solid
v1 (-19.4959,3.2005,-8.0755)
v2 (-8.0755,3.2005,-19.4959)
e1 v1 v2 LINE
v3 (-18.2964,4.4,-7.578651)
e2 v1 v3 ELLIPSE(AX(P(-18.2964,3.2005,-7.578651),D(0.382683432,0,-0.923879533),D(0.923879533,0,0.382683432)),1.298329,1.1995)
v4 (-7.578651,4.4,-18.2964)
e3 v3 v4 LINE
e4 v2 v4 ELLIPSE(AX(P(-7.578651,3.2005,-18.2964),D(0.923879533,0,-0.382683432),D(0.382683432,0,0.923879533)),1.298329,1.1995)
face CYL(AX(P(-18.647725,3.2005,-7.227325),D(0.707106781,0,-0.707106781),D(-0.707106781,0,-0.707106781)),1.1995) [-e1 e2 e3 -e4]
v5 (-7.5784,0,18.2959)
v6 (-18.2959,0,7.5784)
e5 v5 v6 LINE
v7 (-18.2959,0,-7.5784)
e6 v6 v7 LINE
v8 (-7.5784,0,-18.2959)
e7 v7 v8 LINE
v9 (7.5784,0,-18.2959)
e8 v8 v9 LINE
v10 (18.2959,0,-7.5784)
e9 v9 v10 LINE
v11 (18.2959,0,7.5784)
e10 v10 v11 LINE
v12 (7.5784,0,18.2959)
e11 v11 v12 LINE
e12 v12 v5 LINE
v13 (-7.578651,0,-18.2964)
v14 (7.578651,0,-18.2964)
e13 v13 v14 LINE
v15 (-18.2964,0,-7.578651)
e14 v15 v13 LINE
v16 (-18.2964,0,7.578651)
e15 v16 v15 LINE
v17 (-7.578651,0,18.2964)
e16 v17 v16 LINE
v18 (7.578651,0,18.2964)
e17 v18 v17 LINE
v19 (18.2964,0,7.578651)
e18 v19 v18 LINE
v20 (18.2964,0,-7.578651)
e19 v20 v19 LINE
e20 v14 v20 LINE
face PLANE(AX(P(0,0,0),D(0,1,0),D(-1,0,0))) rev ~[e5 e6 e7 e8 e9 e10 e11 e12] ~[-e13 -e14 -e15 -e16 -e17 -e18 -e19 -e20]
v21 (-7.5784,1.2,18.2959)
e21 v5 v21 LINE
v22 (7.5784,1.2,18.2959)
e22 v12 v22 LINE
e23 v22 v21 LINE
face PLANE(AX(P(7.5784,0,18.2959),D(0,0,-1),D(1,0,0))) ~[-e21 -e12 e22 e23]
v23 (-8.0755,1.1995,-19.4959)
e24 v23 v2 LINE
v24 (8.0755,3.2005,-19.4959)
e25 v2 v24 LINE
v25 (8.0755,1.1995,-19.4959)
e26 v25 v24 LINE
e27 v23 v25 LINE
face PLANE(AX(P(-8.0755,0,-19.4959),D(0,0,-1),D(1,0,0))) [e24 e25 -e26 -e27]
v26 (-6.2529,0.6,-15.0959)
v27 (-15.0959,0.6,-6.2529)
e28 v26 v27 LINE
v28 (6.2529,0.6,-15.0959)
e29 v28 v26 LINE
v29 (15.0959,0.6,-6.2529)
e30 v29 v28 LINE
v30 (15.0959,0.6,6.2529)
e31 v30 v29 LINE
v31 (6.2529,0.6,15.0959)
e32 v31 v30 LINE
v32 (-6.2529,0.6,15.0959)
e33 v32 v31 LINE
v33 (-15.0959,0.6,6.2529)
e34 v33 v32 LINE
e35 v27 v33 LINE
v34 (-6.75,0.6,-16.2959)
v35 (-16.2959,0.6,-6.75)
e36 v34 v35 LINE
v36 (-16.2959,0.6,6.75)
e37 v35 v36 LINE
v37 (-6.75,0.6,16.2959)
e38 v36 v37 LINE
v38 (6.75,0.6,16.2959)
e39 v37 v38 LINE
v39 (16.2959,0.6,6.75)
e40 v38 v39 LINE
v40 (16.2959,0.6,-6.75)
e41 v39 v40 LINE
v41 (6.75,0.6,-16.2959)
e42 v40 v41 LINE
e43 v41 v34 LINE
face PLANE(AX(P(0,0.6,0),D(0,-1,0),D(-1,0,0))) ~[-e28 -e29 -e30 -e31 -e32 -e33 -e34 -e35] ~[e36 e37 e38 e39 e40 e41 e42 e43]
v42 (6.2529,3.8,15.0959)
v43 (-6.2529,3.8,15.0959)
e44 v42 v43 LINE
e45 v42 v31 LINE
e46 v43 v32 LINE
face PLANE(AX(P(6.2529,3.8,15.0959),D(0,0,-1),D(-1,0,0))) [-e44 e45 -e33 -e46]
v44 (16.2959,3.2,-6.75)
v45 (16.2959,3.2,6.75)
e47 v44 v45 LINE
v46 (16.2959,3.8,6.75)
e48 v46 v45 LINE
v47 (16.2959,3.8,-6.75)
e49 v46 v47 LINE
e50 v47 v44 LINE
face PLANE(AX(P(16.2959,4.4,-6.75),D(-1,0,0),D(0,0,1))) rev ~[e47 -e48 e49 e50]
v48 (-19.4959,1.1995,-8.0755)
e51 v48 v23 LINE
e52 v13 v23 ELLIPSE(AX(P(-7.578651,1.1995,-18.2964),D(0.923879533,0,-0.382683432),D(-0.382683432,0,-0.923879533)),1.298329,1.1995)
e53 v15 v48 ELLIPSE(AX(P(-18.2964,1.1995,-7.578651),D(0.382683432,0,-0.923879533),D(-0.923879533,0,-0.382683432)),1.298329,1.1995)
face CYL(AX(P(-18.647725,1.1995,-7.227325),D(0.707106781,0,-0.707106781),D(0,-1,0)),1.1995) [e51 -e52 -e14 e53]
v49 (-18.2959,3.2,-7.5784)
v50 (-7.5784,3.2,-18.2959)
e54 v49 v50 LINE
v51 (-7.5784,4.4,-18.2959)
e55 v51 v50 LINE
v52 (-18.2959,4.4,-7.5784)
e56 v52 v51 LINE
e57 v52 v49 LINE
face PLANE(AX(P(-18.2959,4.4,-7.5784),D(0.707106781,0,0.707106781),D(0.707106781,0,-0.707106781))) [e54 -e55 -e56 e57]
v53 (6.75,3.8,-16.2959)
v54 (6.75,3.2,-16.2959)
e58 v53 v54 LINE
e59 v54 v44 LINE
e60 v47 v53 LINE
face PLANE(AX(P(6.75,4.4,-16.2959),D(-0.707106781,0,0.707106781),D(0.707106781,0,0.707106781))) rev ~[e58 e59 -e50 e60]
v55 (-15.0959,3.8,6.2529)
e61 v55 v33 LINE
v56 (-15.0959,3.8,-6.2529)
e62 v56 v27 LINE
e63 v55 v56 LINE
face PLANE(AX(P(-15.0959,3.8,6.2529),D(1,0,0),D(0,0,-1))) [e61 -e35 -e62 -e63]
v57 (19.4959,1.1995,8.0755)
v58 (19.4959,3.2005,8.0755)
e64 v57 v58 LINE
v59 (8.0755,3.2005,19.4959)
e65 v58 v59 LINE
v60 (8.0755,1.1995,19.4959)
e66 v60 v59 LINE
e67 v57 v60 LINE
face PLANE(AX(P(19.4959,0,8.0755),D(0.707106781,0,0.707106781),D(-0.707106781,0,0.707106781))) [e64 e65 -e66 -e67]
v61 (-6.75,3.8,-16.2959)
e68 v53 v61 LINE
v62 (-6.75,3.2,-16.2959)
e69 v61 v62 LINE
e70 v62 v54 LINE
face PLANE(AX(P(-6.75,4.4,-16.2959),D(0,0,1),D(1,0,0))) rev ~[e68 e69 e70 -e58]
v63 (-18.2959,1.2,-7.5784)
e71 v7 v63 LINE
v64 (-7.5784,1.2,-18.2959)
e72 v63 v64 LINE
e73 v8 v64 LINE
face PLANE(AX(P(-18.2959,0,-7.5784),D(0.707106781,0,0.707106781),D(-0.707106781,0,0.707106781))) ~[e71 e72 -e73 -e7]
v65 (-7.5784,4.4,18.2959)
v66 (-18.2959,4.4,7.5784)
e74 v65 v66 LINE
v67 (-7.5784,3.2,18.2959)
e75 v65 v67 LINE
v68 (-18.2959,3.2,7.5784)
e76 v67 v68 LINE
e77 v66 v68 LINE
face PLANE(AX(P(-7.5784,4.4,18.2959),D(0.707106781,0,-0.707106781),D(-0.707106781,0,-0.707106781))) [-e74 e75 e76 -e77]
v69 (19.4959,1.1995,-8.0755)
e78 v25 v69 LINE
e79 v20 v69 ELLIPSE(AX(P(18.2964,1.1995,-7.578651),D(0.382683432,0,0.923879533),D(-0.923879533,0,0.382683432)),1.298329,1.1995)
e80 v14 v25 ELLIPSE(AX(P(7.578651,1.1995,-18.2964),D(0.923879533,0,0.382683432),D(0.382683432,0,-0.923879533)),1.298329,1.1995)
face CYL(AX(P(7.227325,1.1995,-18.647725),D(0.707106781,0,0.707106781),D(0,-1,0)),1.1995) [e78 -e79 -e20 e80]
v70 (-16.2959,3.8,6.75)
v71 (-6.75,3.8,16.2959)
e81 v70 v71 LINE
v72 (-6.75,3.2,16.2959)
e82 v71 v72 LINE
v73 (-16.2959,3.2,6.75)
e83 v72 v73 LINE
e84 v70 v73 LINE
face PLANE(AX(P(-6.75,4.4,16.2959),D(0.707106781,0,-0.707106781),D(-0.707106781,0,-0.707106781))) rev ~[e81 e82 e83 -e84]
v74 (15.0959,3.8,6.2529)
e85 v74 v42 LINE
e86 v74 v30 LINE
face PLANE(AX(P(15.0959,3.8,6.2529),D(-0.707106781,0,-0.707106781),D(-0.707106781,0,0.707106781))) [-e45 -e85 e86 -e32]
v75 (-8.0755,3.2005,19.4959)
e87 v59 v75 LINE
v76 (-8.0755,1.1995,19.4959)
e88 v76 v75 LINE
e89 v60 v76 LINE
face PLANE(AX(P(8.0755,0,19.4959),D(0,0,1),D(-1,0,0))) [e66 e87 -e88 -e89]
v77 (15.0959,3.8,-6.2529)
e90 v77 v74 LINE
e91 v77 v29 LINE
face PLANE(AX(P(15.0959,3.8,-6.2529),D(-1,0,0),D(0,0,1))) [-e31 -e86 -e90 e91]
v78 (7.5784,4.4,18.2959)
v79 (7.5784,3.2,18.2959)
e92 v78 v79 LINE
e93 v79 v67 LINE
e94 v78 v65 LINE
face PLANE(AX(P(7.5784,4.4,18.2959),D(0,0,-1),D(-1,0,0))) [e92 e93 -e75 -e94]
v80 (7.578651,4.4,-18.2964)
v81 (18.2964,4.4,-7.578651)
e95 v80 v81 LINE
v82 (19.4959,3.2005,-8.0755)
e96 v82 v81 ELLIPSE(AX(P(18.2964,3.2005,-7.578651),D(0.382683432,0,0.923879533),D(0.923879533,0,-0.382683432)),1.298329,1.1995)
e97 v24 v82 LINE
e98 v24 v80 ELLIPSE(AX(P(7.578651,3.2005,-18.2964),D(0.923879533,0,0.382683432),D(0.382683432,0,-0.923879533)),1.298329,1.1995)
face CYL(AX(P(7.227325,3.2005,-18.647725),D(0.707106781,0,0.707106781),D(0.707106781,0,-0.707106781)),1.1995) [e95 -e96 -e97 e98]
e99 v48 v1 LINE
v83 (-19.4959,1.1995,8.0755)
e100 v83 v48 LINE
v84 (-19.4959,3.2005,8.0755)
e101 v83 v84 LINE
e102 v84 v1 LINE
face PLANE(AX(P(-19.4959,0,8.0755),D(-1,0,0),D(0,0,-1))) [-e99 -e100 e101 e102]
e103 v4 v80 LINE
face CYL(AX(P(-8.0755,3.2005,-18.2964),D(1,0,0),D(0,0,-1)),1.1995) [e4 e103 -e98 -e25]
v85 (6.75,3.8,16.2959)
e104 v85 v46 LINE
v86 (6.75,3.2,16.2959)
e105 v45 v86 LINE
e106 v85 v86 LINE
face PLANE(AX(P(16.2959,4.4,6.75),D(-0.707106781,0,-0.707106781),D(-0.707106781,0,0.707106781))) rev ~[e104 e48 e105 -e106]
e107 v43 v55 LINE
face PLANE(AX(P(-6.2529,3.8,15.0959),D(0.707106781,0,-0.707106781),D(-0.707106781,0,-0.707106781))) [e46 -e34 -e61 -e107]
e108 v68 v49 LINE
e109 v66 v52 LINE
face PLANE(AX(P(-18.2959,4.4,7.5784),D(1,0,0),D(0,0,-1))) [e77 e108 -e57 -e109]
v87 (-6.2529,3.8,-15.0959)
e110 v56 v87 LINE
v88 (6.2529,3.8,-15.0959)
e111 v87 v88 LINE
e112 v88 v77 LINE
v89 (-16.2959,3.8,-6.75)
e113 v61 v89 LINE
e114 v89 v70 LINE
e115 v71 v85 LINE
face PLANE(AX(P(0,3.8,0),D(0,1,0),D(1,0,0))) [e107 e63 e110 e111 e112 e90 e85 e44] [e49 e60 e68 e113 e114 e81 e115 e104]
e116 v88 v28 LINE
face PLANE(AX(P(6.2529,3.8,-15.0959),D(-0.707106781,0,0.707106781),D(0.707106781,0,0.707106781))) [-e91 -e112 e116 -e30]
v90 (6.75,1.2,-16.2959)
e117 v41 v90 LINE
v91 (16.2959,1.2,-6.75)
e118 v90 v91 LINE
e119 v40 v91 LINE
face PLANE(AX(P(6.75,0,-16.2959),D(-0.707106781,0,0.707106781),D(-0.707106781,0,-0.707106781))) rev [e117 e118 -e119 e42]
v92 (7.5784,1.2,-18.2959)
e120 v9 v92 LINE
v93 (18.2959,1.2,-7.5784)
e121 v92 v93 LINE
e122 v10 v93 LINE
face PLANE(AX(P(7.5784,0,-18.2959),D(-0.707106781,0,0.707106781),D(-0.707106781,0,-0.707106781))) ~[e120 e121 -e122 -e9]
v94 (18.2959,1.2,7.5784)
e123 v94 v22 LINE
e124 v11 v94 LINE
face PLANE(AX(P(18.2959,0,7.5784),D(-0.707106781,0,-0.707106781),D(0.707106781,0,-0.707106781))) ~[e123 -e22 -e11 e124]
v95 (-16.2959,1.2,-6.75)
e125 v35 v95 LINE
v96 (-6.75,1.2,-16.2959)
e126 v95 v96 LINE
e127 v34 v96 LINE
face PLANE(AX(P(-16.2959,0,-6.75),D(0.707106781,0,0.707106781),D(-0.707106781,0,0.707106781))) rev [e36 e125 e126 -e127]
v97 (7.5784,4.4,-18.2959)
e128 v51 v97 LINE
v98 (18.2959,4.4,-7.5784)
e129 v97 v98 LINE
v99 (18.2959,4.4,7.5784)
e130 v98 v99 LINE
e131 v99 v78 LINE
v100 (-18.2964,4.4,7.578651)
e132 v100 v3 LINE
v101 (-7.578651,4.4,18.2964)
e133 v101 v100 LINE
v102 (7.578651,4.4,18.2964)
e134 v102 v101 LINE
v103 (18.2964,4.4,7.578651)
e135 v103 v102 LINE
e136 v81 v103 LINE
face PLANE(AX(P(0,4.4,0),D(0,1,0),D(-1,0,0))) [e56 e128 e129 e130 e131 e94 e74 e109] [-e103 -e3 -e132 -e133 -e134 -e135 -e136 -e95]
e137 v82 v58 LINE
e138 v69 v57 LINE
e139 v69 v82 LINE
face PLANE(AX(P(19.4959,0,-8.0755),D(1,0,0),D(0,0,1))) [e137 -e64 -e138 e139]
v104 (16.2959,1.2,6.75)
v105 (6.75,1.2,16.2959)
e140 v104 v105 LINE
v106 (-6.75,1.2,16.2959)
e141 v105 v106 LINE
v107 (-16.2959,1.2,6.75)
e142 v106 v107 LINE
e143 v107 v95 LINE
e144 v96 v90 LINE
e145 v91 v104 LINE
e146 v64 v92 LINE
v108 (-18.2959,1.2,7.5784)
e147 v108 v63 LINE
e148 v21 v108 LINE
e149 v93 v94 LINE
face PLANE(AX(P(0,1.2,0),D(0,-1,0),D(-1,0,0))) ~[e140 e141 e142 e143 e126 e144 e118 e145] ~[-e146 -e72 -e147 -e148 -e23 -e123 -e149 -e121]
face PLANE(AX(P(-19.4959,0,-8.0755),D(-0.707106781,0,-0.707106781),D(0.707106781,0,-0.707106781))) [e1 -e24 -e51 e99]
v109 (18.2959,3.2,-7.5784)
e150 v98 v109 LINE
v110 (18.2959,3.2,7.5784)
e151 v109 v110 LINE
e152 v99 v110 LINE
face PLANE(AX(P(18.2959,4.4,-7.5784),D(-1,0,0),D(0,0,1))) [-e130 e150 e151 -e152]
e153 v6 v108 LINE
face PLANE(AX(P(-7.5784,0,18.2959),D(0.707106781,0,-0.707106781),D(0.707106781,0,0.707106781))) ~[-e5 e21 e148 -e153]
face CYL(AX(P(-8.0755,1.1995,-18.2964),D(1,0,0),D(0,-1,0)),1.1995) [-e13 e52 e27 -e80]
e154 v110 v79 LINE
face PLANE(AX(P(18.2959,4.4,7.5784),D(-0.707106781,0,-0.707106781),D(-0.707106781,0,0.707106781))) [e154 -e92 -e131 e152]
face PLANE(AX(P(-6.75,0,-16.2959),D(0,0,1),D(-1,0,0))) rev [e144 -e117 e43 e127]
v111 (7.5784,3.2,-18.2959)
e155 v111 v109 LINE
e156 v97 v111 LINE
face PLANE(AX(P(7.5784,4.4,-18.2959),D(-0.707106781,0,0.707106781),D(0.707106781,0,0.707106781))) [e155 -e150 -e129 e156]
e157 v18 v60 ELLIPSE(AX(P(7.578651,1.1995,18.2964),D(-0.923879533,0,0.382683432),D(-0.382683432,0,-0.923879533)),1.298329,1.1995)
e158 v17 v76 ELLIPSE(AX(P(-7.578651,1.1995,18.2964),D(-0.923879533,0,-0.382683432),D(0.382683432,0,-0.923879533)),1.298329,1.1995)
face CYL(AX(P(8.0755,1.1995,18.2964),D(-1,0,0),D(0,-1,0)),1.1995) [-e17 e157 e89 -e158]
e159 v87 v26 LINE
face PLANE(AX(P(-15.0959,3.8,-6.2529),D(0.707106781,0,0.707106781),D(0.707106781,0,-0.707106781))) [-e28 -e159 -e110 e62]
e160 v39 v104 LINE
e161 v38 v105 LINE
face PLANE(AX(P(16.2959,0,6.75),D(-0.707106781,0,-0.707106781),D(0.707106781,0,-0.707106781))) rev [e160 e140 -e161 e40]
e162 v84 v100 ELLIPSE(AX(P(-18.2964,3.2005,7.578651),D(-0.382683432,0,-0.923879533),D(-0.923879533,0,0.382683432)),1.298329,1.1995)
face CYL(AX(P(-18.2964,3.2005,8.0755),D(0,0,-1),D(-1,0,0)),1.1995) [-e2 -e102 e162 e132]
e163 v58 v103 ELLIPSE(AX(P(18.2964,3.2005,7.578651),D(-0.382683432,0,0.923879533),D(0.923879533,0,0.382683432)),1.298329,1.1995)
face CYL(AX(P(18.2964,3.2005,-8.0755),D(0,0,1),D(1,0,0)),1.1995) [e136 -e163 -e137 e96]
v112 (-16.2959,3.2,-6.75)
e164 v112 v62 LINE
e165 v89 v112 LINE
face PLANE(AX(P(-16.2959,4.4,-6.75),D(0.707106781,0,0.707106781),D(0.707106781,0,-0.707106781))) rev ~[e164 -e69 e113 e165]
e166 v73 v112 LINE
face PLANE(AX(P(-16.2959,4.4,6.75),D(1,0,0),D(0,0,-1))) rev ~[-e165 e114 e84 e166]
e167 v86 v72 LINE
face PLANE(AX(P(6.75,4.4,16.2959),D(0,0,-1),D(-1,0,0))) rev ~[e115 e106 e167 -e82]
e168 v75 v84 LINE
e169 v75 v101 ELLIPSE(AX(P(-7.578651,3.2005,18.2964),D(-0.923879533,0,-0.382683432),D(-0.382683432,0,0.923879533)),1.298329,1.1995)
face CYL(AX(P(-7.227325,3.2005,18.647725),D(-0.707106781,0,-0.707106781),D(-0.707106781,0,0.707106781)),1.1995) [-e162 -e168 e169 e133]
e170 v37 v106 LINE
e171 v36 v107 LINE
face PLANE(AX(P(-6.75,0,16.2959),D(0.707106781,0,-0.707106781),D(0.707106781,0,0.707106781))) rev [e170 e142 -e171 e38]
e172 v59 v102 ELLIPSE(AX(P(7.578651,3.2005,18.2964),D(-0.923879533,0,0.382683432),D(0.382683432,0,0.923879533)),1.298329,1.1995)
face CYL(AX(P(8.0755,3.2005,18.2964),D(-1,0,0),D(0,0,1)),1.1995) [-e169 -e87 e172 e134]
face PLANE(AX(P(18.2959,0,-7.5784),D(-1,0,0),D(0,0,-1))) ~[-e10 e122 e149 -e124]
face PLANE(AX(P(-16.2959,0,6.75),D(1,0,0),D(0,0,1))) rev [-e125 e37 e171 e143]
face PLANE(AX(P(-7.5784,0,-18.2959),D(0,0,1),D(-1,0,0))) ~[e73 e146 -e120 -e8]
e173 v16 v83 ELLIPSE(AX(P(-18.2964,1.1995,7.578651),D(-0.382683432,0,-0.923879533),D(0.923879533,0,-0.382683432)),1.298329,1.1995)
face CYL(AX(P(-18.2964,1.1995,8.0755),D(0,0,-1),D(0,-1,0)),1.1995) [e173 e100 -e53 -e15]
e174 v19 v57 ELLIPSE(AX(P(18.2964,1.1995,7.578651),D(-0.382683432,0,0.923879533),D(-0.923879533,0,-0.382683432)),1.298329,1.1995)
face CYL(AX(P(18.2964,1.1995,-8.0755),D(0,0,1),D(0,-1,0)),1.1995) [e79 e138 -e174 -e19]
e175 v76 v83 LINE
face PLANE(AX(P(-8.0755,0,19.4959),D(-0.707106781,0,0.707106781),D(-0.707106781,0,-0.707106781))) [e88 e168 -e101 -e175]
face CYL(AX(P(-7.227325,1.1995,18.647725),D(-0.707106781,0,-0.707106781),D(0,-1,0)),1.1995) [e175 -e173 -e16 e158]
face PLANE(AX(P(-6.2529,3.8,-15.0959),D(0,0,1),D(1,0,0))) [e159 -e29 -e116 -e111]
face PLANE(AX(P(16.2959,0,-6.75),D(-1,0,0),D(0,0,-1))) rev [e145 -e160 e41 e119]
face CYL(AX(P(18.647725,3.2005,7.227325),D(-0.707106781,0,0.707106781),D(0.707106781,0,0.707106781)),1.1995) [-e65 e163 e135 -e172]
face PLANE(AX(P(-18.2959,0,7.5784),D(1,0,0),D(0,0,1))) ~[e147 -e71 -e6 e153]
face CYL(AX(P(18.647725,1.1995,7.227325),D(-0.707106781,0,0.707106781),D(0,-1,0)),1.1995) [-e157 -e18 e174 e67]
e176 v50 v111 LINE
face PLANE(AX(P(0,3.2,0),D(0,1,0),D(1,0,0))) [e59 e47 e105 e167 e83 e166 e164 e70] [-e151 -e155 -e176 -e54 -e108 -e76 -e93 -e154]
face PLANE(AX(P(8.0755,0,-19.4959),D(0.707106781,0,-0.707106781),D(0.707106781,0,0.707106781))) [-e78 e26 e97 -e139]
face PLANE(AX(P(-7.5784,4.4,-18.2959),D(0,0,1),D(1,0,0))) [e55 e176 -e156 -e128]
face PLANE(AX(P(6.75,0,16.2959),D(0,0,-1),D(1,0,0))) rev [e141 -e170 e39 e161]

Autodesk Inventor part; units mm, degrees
ref_plane "YZ Plane" through (0, 0, 0) normal (1, 0, 0) x (0, 1, 0)
ref_plane "XZ Plane" through (0, 0, 0) normal (0, 1, 0) x (-1, 0, 0)
sketch "스케치1" plane through (0, 0, 0) normal (0, 1, 0) x (-1, 0, 0)
  line L0 (-16.2959, 6.75) -> (-6.75, 16.2959)
  line L1 (-6.75, 16.2959) -> (6.75, 16.2959)
  line L2 (6.75, 16.2959) -> (16.2959, 6.75)
  line L3 (16.2959, 6.75) -> (16.2959, -6.75)
  line L4 (16.2959, -6.75) -> (6.75, -16.2959)
  line L5 (6.75, -16.2959) -> (-6.75, -16.2959)
  line L6 (-6.75, -16.2959) -> (-16.2959, -6.75)
  line L7 (-16.2959, -6.75) -> (-16.2959, 6.75)
  line L8 (19.4959, 8.0755) -> (19.4959, -8.0755)
  line L9 (19.4959, -8.0755) -> (8.0755, -19.4959)
  line L10 (8.0755, -19.4959) -> (-8.0755, -19.4959)
  line L11 (-8.0755, -19.4959) -> (-19.4959, -8.0755)
  line L12 (-19.4959, -8.0755) -> (-19.4959, 8.0755)
  line L13 (-19.4959, 8.0755) -> (-8.0755, 19.4959)
  line L14 (-8.0755, 19.4959) -> (8.0755, 19.4959)
  line L15 (8.0755, 19.4959) -> (19.4959, 8.0755)
  point P0 (0, 0)
  point P1 (0, 0)
  point P2 (0, 0)
  dimension "d0" = 13.5
  dimension "d1" = 3.2
extrude "돌출1" add sketch "스케치1" along normal blind 4.4 contours L0 L1 L2 L3 L4 L5 L6 L7 | L8 L9 L10 L11 L12 L13 L14 L15
sketch "스케치14" plane through (0, 4.4, 0) normal (0, 1, 0) x (1, 0, 0)
  line L0 (6.75, -16.2959) -> (-6.75, -16.2959)
  line L1 (-6.75, -16.2959) -> (-16.2959, -6.75)
  line L2 (-16.2959, -6.75) -> (-16.2959, 6.75)
  line L3 (-16.2959, 6.75) -> (-6.75, 16.2959)
  line L4 (-6.75, 16.2959) -> (6.75, 16.2959)
  line L5 (6.75, 16.2959) -> (16.2959, 6.75)
  line L6 (16.2959, 6.75) -> (16.2959, -6.75)
  line L7 (16.2959, -6.75) -> (6.75, -16.2959)
  line L8 (-7.5784, 18.2959) -> (7.5784, 18.2959)
  line L9 (7.5784, 18.2959) -> (18.2959, 7.5784)
  line L10 (18.2959, 7.5784) -> (18.2959, -7.5784)
  line L11 (18.2959, -7.5784) -> (7.5784, -18.2959)
  line L12 (7.5784, -18.2959) -> (-7.5784, -18.2959)
  line L13 (-7.5784, -18.2959) -> (-18.2959, -7.5784)
  line L14 (-18.2959, -7.5784) -> (-18.2959, 7.5784)
  line L15 (-18.2959, 7.5784) -> (-7.5784, 18.2959)
  line L16 (19.4959, -8.0755) -> (19.4959, 8.0755) projected
  point P0 (0, 0)
  point P1 (0, 0)
  point P2 (0, 0)
  dimension "d138" = 2
  dimension "d139" = 1.2
extrude "돌출16" cut sketch "스케치14" against normal blind 1.2
sketch "스케치15" plane through (0, 4.4, 0) normal (0, 1, 0) x (1, 0, 0)
  line L0 (-16.2959, -6.75) -> (-6.75, -16.2959) projected
  line L1 (-6.75, -16.2959) -> (6.75, -16.2959) projected
  line L2 (6.75, -16.2959) -> (16.2959, -6.75) projected
  line L3 (16.2959, -6.75) -> (16.2959, 6.75) projected
  line L4 (16.2959, 6.75) -> (6.75, 16.2959) projected
  line L5 (6.75, 16.2959) -> (-6.75, 16.2959) projected
  line L6 (-6.75, 16.2959) -> (-16.2959, 6.75) projected
  line L7 (-16.2959, 6.75) -> (-16.2959, -6.75) projected
  point P0 (0, 0)
extrude "돌출17" cut sketch "스케치15" against normal blind 0.6
sketch "스케치16" plane through (0, 3.8, 0) normal (0, 1, 0) x (1, 0, 0)
  line L0 (-6.2529, 15.0959) -> (6.2529, 15.0959)
  line L1 (6.2529, 15.0959) -> (15.0959, 6.2529)
  line L2 (15.0959, 6.2529) -> (15.0959, -6.2529)
  line L3 (15.0959, -6.2529) -> (6.2529, -15.0959)
  line L4 (6.2529, -15.0959) -> (-6.2529, -15.0959)
  line L5 (-6.2529, -15.0959) -> (-15.0959, -6.2529)
  line L6 (-15.0959, -6.2529) -> (-15.0959, 6.2529)
  line L7 (-15.0959, 6.2529) -> (-6.2529, 15.0959)
  line L8 (16.2959, 6.75) -> (16.2959, -6.75) projected
  point P0 (0, 0)
  point P1 (0, 0)
  dimension "d144" = 1.2
extrude "돌출18" cut sketch "스케치16" against normal up to surface (3.8 mm away)
fillet "모깎기2" radius 1.2 16 edges at (0, 4.4, -19.4959) (-13.7857, 4.4, -13.7857) (13.7857, 4.4, -13.7857) (19.4959, 4.4, 0) (13.7857, 4.4, 13.7857) (0, 4.4, 19.4959) (-13.7857, 4.4, 13.7857) (-19.4959, 4.4, 0) (-19.4959, 0, 0) (-13.7857, 0, 13.7857) (0, 0, 19.4959) (13.7857, 0, 13.7857) (-13.7857, 0, -13.7857) (0, 0, -19.4959) (19.4959, 0, 0) (13.7857, 0, -13.7857)
ref_plane "작업 평면3" through (0, 2.2, 0) normal (0, -1, 0) x (1, 0, 0)
mirror "미러6" about plane through (0, 2.2, 0) normal (0, -1, 0) of "돌출17", "돌출16"
properties part number "OV-PAM_ring_2"
